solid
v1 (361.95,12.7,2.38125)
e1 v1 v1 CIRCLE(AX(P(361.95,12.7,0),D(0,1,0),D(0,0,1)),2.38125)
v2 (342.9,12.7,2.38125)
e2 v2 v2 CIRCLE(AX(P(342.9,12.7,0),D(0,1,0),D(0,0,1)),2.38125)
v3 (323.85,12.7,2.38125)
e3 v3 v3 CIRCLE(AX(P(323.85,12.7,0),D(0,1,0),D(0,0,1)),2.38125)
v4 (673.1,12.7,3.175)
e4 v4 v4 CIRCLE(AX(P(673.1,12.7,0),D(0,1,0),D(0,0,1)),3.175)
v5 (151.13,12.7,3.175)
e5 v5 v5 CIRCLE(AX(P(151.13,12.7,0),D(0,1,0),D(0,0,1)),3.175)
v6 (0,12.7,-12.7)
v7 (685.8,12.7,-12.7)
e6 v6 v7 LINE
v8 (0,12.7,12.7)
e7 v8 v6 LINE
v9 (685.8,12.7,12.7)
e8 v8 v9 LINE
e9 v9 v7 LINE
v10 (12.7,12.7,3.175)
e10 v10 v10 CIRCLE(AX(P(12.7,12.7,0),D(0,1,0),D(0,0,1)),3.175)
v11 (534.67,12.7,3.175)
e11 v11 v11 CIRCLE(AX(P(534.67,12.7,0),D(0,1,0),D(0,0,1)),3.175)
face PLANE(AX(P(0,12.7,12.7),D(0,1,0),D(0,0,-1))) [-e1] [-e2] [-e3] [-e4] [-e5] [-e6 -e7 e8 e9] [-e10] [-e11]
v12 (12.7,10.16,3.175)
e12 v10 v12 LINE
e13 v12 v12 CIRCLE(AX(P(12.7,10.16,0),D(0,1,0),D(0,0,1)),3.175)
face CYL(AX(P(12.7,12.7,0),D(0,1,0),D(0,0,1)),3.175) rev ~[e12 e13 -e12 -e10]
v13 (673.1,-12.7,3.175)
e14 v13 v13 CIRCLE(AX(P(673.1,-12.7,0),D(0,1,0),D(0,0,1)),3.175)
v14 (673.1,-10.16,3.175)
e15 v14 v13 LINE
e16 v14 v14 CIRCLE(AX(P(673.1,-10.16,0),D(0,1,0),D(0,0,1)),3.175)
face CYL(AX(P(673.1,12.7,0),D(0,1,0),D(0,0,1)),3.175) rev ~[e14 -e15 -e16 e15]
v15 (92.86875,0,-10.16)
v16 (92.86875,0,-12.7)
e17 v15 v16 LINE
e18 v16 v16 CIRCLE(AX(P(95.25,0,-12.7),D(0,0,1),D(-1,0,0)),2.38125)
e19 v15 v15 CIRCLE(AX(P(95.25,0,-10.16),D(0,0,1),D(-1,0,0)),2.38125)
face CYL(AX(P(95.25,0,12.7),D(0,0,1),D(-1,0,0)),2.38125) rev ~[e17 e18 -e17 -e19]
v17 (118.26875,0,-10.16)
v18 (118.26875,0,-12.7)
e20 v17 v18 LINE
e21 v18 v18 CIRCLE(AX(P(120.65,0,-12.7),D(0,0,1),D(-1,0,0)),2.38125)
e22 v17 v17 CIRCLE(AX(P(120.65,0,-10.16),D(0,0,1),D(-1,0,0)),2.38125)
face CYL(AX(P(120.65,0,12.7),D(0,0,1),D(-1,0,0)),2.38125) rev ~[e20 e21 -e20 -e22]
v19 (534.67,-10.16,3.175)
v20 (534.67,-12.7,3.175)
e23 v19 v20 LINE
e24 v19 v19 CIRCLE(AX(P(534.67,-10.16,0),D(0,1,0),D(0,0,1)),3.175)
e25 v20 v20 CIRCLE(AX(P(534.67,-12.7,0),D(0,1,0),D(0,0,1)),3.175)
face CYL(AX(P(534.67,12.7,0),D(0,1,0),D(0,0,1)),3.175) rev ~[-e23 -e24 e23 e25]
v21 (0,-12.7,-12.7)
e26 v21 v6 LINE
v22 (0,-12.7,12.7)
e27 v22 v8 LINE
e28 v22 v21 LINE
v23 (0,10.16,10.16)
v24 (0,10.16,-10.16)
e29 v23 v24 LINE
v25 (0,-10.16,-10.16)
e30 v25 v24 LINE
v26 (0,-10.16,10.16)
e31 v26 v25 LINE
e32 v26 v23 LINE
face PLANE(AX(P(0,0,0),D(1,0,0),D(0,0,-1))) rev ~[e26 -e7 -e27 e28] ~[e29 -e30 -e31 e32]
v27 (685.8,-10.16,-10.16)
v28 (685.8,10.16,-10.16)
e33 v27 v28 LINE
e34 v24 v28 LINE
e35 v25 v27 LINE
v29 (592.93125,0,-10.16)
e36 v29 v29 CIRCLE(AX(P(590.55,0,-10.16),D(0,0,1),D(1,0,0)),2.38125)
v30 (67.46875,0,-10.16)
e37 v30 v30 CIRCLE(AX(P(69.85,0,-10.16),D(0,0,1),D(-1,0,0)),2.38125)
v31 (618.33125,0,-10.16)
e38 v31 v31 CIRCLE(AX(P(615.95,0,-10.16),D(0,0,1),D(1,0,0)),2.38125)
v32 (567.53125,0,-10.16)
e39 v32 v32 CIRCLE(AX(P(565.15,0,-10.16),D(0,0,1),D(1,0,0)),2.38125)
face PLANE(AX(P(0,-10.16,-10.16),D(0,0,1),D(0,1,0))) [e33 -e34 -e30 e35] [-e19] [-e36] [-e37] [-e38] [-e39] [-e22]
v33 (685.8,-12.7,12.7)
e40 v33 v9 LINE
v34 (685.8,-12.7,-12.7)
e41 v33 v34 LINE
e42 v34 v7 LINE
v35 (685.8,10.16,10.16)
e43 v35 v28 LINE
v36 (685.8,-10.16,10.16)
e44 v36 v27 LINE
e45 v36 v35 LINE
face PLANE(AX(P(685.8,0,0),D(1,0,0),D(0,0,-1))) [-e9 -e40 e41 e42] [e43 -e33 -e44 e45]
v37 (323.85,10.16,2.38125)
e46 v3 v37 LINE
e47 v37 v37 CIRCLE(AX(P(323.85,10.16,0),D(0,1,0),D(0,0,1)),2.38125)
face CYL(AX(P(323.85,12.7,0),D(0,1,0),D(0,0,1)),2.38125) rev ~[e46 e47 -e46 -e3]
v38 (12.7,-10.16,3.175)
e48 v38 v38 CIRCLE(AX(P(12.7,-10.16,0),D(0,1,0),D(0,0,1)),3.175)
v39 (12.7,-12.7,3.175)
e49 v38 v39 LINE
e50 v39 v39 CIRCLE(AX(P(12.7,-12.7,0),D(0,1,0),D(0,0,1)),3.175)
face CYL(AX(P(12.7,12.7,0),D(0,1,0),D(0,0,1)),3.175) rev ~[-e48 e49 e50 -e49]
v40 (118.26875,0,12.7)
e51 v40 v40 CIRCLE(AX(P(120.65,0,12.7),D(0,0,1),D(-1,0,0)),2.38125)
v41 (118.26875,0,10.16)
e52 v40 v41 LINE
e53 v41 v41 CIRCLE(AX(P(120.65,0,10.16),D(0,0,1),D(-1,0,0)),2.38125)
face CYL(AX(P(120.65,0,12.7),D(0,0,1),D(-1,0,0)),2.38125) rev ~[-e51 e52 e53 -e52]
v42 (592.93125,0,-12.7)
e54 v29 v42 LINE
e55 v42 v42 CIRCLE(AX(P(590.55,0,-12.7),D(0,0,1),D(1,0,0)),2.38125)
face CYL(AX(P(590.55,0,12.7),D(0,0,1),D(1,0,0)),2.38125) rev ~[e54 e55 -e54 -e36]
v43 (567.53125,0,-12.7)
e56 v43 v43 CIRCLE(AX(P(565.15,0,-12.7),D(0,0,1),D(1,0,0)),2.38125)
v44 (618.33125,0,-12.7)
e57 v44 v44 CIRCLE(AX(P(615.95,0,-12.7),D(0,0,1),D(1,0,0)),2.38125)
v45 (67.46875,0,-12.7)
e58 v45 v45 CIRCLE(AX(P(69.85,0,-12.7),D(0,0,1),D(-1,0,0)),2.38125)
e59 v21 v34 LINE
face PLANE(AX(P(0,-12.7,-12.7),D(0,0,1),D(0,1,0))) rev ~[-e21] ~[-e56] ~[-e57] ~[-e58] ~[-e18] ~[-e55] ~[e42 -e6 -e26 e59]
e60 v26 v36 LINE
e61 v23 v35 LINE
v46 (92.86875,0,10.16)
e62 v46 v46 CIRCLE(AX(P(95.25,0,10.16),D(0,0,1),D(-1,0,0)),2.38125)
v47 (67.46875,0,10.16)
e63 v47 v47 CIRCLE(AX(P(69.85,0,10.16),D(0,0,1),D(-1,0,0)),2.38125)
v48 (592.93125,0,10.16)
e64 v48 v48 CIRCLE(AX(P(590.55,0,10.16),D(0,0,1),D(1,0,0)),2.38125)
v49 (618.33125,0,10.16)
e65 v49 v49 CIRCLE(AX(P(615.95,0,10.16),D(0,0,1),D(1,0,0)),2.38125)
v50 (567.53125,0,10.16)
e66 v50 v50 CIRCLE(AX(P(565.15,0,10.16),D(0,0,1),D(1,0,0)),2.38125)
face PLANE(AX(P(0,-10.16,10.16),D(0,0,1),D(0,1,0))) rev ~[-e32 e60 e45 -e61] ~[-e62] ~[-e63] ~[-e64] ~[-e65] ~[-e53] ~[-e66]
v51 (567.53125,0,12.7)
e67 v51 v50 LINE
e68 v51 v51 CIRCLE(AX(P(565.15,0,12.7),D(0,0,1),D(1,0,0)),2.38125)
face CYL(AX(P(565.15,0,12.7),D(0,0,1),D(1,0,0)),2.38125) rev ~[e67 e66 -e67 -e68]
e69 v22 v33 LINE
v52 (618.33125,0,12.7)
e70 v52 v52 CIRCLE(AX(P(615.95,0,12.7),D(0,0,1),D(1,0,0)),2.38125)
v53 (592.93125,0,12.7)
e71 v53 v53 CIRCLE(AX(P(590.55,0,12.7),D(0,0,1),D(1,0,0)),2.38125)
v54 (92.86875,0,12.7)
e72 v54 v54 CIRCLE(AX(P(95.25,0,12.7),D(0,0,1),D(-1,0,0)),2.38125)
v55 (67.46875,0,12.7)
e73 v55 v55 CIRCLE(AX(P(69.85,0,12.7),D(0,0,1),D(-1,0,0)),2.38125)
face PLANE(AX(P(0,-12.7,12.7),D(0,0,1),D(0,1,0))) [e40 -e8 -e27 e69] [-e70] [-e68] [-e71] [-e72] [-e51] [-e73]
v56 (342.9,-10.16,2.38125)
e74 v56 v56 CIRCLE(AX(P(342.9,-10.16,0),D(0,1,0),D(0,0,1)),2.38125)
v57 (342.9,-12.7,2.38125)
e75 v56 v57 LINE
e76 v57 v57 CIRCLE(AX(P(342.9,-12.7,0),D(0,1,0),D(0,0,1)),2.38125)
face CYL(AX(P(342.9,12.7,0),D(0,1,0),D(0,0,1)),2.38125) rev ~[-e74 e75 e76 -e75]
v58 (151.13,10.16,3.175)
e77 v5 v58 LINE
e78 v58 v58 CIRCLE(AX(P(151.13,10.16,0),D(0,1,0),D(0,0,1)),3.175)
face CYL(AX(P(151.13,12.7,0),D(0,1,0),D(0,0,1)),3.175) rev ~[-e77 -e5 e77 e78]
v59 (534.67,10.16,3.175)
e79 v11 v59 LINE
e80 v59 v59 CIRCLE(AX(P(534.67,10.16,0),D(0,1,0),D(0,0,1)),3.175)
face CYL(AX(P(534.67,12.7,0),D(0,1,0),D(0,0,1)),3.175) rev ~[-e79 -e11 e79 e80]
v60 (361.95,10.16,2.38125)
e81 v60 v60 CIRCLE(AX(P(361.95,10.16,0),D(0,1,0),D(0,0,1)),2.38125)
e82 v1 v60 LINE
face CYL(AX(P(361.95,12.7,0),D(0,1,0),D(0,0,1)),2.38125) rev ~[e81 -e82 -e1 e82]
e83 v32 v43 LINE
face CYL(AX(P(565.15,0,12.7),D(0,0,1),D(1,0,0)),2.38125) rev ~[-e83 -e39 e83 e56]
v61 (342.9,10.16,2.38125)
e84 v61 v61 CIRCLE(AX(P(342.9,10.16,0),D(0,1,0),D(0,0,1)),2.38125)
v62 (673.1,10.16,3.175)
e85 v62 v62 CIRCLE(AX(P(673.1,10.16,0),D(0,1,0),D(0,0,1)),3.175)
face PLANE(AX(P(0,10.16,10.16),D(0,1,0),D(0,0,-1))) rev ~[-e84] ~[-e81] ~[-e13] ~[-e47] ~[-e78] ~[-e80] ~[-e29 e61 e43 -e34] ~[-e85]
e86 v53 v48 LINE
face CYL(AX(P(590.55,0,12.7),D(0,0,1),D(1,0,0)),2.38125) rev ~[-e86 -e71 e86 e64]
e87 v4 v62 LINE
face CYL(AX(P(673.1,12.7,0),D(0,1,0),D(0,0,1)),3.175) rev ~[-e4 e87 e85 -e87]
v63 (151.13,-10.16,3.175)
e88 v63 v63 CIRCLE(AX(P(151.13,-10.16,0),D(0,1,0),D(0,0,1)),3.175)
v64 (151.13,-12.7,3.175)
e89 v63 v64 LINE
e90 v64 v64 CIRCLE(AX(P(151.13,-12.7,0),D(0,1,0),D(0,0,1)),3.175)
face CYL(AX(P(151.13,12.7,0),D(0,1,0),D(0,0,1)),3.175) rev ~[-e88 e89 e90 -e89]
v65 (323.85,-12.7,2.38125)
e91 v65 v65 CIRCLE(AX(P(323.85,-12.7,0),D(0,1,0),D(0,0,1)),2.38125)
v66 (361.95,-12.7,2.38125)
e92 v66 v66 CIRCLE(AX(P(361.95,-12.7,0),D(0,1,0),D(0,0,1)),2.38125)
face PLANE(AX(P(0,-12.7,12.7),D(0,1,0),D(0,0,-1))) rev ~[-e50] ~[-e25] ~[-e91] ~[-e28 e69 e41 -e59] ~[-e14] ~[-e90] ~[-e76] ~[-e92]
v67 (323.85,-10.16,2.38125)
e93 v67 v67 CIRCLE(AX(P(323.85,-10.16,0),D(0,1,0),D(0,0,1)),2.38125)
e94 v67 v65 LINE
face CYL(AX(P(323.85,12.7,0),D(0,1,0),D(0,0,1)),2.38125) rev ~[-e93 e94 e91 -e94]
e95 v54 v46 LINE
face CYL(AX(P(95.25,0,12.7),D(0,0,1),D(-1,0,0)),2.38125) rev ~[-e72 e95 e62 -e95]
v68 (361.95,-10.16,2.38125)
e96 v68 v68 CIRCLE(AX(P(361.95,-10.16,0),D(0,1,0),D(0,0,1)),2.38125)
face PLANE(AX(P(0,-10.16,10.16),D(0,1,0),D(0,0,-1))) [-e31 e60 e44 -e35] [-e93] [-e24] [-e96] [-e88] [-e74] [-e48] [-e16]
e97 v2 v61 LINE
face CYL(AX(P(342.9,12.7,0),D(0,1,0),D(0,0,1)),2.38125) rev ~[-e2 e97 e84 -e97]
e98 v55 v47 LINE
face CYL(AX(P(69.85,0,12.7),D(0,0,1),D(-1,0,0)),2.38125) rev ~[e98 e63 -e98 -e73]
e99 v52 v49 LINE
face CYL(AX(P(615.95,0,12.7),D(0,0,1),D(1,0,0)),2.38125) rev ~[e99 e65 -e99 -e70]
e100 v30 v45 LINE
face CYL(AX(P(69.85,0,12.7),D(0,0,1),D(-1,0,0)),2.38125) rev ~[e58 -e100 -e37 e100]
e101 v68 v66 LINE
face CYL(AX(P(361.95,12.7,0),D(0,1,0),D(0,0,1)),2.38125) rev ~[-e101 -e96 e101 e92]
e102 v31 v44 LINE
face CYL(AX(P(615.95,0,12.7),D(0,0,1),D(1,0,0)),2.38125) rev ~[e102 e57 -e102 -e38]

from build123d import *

# Parameters (mm, degrees)
SKETCH1_W           = 25.4
SKETCH1_H           = 25.4
SKETCH1_W_2         = 20.32
SKETCH1_H_2         = 20.32
BOSS_EXTRUDE1_DEPTH = 685.8
SKETCH2_R           = 3.175
CUT_EXTRUDE1_DEPTH  = 687.387711137
SKETCH3_R           = 2.38125
CUT_EXTRUDE2_DEPTH  = 687.387711137
SKETCH4_R           = 2.38125
CUT_EXTRUDE3_DEPTH  = 687.387711137


with BuildPart() as part:
    # Sketch1 → Boss-Extrude1 (new body)
    with BuildSketch(Plane(origin=(0, 0, 0), x_dir=(0, 0, -1), z_dir=(1, 0, 0))):
        Rectangle(SKETCH1_W, SKETCH1_H)
        Rectangle(SKETCH1_W_2, SKETCH1_H_2, mode=Mode.SUBTRACT)
    extrude(amount=BOSS_EXTRUDE1_DEPTH)

    # Sketch2 → Cut-Extrude1 (cut, through all)
    with BuildSketch(Plane(origin=(0, 12.7, 0), x_dir=(1, 0, 0), z_dir=(0, 1, 0))):
        with Locations(Location((673.1, 0, 0), (0, 0, 270))):
            Circle(SKETCH2_R)
        with Locations(Location((534.67, 0, 0), (0, 0, 270))):
            Circle(SKETCH2_R)
        with Locations(Location((151.13, 0, 0), (0, 0, 270))):
            Circle(SKETCH2_R)
        with Locations(Location((12.7, 0, 0), (0, 0, 270))):
            Circle(SKETCH2_R)
    extrude(amount=-CUT_EXTRUDE1_DEPTH, mode=Mode.SUBTRACT)

    # Sketch3 → Cut-Extrude2 (cut, through all)
    with BuildSketch(Plane(origin=(0, 12.7, 0), x_dir=(1, 0, 0), z_dir=(0, 1, 0))):
        with Locations(Location((342.9, 0, 0), (0, 0, 270))):
            Circle(SKETCH3_R)
        with Locations(Location((361.95, 0, 0), (0, 0, 270))):
            Circle(SKETCH3_R)
        with Locations(Location((323.85, 0, 0), (0, 0, 270))):
            Circle(SKETCH3_R)
    extrude(amount=-CUT_EXTRUDE2_DEPTH, mode=Mode.SUBTRACT)

    # Sketch4 → Cut-Extrude3 (cut, through all)
    with BuildSketch(Plane.XY.offset(12.7)):
        with Locations((615.95, 0)):
            Circle(SKETCH4_R)
        with Locations((590.55, 0)):
            Circle(SKETCH4_R)
        with Locations((565.15, 0)):
            Circle(SKETCH4_R)
        with Locations(Location((120.65, 0, 0), (0, 0, 180))):
            Circle(SKETCH4_R)
        with Locations(Location((95.25, 0, 0), (0, 0, 180))):
            Circle(SKETCH4_R)
        with Locations(Location((69.85, 0, 0), (0, 0, 180))):
            Circle(SKETCH4_R)
    extrude(amount=-CUT_EXTRUDE3_DEPTH, mode=Mode.SUBTRACT)


solid = part.part
